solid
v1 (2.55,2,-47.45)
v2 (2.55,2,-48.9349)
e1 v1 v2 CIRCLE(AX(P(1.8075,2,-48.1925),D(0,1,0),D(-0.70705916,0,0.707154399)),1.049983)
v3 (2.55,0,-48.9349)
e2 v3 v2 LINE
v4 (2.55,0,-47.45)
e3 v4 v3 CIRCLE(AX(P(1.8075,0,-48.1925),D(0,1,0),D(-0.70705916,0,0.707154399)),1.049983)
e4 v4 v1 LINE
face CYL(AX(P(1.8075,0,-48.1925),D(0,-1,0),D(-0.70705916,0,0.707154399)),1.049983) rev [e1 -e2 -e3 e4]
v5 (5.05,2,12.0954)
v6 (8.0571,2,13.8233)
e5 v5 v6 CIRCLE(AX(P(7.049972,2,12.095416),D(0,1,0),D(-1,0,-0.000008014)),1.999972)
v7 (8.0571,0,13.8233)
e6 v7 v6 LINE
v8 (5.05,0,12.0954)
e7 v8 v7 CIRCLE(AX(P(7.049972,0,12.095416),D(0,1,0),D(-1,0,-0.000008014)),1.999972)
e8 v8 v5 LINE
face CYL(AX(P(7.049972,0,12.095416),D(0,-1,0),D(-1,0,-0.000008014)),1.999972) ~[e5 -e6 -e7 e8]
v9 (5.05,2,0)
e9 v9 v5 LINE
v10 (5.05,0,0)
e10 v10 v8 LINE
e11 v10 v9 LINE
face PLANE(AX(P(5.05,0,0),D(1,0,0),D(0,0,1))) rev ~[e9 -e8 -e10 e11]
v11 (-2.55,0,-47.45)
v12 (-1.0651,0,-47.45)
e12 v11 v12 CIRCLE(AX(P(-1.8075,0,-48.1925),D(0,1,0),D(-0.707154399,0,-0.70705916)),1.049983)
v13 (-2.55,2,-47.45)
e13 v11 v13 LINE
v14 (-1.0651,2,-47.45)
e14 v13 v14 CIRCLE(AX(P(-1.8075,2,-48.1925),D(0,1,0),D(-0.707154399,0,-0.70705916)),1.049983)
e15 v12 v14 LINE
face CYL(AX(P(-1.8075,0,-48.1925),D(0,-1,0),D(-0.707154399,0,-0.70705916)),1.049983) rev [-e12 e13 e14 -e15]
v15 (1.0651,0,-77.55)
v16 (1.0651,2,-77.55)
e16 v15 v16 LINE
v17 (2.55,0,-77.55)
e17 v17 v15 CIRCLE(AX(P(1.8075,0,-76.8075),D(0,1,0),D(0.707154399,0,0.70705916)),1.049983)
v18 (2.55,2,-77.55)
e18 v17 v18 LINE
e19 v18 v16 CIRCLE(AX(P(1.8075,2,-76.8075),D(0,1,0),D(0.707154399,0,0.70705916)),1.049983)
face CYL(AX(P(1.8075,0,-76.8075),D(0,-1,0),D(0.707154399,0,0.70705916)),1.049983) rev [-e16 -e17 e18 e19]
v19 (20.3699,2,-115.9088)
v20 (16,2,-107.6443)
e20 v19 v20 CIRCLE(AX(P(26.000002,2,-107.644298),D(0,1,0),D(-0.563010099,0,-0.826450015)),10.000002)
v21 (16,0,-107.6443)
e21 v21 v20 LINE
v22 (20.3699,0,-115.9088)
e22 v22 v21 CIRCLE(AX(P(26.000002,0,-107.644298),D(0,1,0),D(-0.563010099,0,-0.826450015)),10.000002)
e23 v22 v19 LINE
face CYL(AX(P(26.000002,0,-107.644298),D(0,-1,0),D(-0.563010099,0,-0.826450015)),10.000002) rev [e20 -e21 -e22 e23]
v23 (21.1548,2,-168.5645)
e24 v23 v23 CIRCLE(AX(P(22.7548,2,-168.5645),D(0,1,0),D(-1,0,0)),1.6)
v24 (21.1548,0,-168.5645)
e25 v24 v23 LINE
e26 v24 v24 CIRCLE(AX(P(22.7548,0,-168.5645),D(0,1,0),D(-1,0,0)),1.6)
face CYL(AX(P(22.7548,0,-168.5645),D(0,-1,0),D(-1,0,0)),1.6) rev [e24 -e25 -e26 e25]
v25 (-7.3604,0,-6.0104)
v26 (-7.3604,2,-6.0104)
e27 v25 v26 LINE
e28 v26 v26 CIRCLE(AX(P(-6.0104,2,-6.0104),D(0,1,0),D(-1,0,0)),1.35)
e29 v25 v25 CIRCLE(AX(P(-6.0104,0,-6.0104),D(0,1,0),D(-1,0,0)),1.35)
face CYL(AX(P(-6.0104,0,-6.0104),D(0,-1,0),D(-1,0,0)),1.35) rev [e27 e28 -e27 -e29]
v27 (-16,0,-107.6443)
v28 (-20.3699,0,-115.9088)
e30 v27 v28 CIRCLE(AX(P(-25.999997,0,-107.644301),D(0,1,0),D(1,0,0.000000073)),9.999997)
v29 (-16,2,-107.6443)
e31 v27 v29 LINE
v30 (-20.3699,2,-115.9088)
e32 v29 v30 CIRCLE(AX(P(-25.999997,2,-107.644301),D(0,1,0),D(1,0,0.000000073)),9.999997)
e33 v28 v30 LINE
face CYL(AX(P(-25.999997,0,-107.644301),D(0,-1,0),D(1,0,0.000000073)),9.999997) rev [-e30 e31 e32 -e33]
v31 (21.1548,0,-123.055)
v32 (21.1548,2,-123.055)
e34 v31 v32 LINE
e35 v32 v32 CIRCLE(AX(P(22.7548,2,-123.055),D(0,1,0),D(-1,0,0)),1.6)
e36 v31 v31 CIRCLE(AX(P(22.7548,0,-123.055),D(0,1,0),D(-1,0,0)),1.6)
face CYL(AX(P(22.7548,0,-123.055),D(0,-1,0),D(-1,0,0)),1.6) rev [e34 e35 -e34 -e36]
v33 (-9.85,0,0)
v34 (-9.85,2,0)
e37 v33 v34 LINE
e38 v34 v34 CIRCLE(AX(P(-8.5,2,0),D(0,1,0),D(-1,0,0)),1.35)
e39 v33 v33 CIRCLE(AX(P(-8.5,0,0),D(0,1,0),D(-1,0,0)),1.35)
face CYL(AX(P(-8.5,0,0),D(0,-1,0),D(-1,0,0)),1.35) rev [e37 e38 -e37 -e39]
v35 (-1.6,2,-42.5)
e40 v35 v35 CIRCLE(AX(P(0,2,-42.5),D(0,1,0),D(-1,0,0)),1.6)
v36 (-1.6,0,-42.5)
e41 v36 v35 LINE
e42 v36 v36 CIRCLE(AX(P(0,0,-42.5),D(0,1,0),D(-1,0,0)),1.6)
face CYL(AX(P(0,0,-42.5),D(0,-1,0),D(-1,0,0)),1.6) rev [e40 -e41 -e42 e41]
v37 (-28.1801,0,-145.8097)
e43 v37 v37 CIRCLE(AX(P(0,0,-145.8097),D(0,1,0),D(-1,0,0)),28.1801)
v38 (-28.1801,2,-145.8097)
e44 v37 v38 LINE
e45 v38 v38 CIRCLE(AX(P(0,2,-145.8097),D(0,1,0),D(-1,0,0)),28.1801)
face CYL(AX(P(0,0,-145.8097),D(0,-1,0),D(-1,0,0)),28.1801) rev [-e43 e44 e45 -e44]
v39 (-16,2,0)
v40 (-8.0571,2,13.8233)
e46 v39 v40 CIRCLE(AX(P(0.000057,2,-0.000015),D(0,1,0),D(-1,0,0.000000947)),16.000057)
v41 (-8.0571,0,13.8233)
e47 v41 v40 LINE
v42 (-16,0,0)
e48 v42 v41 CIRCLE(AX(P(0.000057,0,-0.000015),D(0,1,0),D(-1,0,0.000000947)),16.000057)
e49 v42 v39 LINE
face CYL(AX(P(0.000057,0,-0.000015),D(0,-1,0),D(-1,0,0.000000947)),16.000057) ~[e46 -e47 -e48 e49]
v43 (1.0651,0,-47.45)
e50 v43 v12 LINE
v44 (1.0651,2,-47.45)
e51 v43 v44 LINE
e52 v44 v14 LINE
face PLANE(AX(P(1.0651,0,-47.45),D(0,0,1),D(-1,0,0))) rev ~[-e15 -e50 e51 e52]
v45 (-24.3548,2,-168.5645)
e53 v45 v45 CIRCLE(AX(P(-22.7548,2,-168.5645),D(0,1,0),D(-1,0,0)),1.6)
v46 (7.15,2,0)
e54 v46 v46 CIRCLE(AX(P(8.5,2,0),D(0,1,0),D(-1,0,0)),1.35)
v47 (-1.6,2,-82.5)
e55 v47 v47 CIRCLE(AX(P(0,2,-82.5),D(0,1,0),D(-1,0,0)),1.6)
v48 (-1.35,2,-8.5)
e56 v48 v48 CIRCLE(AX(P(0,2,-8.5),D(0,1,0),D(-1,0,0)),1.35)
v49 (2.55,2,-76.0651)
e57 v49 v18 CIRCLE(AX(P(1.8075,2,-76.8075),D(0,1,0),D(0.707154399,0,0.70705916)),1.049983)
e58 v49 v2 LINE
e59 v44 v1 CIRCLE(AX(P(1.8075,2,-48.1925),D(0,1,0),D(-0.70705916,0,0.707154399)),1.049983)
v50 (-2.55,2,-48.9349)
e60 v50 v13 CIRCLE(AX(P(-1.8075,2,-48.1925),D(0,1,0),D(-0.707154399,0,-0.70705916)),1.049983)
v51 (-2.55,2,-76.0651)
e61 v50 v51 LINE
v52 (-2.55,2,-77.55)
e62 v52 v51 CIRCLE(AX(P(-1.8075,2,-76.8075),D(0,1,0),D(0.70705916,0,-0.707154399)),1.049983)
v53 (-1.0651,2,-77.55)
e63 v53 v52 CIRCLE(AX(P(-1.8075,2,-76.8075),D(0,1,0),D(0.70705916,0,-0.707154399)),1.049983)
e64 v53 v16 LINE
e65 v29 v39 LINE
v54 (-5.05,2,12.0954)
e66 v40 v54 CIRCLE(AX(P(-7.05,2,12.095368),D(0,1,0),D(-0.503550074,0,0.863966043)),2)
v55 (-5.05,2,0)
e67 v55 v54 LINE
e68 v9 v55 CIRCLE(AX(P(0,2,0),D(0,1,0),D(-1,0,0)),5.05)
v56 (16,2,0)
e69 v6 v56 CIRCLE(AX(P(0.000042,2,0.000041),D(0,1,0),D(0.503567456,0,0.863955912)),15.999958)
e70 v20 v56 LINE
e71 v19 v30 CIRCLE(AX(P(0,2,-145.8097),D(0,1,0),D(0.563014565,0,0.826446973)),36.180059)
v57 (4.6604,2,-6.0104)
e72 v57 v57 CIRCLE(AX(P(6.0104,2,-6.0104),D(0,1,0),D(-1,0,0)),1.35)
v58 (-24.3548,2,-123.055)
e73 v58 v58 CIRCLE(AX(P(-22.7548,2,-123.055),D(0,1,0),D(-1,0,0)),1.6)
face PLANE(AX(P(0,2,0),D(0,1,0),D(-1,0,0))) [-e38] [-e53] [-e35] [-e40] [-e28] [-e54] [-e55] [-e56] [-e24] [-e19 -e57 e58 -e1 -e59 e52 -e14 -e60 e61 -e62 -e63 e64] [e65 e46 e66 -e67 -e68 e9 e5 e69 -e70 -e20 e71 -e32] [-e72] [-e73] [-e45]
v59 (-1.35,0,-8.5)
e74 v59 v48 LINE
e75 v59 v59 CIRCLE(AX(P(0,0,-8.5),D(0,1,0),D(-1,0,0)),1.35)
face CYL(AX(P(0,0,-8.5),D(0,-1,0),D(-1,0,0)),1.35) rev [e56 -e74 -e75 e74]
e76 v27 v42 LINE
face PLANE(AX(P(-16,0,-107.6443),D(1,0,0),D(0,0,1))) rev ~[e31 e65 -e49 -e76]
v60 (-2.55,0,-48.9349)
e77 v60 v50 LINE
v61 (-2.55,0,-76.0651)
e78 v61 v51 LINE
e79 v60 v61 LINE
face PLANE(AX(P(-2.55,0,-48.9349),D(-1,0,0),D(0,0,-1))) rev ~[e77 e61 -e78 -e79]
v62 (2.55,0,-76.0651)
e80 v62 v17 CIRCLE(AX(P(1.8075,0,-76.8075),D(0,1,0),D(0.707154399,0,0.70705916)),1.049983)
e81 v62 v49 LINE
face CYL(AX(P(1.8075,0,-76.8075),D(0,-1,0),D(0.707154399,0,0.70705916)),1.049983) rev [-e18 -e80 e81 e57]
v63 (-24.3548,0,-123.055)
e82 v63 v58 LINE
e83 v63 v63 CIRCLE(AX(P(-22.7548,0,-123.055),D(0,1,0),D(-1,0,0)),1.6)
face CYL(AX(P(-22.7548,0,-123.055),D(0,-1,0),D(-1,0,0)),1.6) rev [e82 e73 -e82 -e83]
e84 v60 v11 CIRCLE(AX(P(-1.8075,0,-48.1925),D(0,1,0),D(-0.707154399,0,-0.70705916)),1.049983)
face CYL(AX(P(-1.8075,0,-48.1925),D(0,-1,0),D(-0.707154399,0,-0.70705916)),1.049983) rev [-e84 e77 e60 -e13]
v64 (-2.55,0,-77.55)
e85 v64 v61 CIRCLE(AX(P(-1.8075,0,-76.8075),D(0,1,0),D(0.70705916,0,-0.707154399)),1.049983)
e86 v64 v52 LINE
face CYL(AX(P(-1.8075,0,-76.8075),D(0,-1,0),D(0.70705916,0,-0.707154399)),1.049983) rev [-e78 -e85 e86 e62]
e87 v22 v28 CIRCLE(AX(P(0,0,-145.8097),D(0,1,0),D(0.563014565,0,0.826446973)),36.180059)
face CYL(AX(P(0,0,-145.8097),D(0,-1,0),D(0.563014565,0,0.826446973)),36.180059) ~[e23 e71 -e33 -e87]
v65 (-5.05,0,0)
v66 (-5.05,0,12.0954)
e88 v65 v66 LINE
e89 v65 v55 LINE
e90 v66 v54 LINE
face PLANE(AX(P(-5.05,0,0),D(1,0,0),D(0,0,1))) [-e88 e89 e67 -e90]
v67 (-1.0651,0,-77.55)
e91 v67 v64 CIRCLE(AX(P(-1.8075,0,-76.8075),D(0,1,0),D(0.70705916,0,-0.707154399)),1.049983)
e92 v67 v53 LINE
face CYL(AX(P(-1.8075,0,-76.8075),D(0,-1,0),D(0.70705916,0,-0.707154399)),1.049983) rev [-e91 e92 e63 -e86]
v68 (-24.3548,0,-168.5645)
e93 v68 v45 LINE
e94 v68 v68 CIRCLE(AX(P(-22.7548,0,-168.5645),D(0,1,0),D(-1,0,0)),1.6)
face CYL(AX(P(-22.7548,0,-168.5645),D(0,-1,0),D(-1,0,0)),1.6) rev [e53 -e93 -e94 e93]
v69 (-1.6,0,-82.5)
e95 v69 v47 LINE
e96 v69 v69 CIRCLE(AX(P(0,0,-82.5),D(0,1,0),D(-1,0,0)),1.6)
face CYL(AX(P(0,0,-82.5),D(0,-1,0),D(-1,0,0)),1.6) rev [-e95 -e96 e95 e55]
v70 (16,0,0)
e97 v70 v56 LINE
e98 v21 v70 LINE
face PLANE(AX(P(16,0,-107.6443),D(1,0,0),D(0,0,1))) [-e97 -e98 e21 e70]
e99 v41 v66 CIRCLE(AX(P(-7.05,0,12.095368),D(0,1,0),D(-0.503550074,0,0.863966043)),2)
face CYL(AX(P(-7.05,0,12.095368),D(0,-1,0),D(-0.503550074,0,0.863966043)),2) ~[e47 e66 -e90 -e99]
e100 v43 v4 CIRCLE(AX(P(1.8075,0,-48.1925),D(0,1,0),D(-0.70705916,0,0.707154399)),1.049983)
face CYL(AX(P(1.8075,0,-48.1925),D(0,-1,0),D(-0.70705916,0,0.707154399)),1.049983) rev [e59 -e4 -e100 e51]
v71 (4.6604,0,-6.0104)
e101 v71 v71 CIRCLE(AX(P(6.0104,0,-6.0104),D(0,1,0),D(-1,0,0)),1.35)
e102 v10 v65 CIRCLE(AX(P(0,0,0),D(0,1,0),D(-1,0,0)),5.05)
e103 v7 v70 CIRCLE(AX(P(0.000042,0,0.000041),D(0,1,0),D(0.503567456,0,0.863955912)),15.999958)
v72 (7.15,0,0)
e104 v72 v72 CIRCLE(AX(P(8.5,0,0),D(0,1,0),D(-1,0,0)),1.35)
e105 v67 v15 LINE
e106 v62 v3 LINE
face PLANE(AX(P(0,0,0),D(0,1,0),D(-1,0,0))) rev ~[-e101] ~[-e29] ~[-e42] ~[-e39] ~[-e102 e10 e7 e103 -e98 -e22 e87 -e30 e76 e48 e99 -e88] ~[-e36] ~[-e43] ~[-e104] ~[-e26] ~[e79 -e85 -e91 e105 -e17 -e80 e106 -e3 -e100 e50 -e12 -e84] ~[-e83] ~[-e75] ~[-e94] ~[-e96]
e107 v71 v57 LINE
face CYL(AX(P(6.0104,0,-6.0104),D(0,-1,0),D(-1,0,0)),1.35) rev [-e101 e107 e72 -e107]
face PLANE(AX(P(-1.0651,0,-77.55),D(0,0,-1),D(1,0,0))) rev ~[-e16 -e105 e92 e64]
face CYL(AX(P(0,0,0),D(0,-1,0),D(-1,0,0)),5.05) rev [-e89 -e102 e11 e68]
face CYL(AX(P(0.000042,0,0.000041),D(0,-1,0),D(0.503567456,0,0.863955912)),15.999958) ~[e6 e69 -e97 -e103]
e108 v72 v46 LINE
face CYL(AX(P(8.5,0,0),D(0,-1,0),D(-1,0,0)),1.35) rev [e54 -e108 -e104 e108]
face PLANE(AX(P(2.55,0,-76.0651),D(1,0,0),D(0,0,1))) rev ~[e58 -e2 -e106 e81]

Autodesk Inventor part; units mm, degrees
ref_plane "YZ Plane" through (0, 0, 0) normal (1, 0, 0) x (0, 1, 0)
ref_plane "XZ Plane" through (0, 0, 0) normal (0, 1, 0) x (-1, 0, 0)
ref_plane "XY Plane" through (0, 0, 0) normal (0, 0, 1) x (1, 0, 0)
sketch "スケッチ1" plane through (0, 0, 0) normal (0, 1, 0) x (-1, 0, 0)
  circle A0 centre (0, 0) radius 5.05
  line L0 (-8.5, 0) -> (8.5, 0) construction
  circle A1 centre (-8.5, 0) radius 1.35
  circle A2 centre (-6.0104, -6.0104) radius 1.35
  circle A3 centre (0, -8.5) radius 1.35
  circle A4 centre (6.0104, -6.0104) radius 1.35
  circle A5 centre (0, -145.8097) radius 16 construction
  line L1 (0, 0) -> (0, -145.8097) construction
  arc A6 (-20.3699, -115.9088) -> (20.3699, -115.9088) centre (0, -145.8097) ccw
  circle A7 centre (-8.5, 0) radius 2.4 construction
  line L2 (-16, 31) -> (16, 31) construction
  line L3 (16, 31) -> (16, -12) construction
  line L4 (16, -12) -> (-16, -12) construction
  line L5 (-16, -12) -> (-16, 31) construction
  line L6 (-16, 31) -> (16, -12) construction
  line L7 (16, 31) -> (-16, -12) construction
  arc A8 (-16, 0) -> (-10.583, -12) centre (0, 0) ccw construction
  arc A9 (10.583, -12) -> (16, 0) centre (0, 0) ccw construction
  line L8 (-16, -107.6443) -> (-16, 0)
  line L9 (16, -107.6443) -> (16, 0)
  circle A10 centre (0, -82.5) radius 1.6
  line L10 (0, -145.8097) -> (-25.5832, -120.2265) construction
  circle A11 centre (-22.7548, -123.055) radius 4 construction
  circle A12 centre (-22.7548, -123.055) radius 1.6
  circle A13 centre (-22.7548, -168.5645) radius 1.6
  circle A14 centre (22.7548, -168.5645) radius 1.6
  circle A15 centre (22.7548, -123.055) radius 1.6
  line L11 (30.6064, -21.0119) -> (2.8936, -37.0119) construction
  line L12 (2.8936, -37.0119) -> (-18.6064, 0.2272) construction
  line L13 (-18.6064, 0.2272) -> (9.1064, 16.2272) construction
  line L14 (9.1064, 16.2272) -> (30.6064, -21.0119) construction
  line L15 (30.6064, -21.0119) -> (-18.6064, 0.2272) construction
  line L16 (2.8936, -37.0119) -> (9.1064, 16.2272) construction
  line L17 (16.75, -29.0119) -> (-4.75, 8.2272) construction
  circle A16 centre (0, -42.5) radius 1.6
  line L18 (-2.5, -47.5) -> (2.5, -47.5) construction
  line L19 (2.5, -47.5) -> (2.5, -57.5) construction
  line L20 (2.5, -57.5) -> (-2.5, -57.5) construction
  line L21 (-2.5, -57.5) -> (-2.5, -47.5) construction
  line L22 (-2.5, -47.5) -> (2.5, -57.5) construction
  line L23 (2.5, -47.5) -> (-2.5, -57.5) construction
  line L24 (-2.5, -52.5) -> (2.5, -52.5) construction
  circle A17 centre (0, -62.5) radius 1.6
  line L25 (2.8936, -37.0119) -> (49.2811, -117.3573) construction
  line L26 (0, -145.8097) -> (49.2811, -117.3573) construction
  line L27 (-2.5, -47.5) -> (2.5, -47.5) construction
  line L28 (2.5, -47.5) -> (2.5, -77.5) construction
  line L29 (2.5, -77.5) -> (-2.5, -77.5) construction
  line L30 (-2.5, -77.5) -> (-2.5, -47.5) construction
  line L31 (-2.5, -47.5) -> (2.5, -77.5) construction
  line L32 (2.5, -47.5) -> (-2.5, -77.5) construction
  line L33 (-2.55, -47.45) -> (2.55, -47.45)
  line L34 (2.55, -47.45) -> (2.55, -77.55)
  line L35 (2.55, -77.55) -> (-2.55, -77.55)
  line L36 (-2.55, -77.55) -> (-2.55, -47.45)
  line L37 (-2.55, -47.45) -> (2.55, -77.55) construction
  line L38 (2.55, -47.45) -> (-2.55, -77.55) construction
  arc A18 (-1.0651, -47.45) -> (-2.55, -48.9349) centre (-1.8075, -48.1925) ccw
  arc A19 (2.55, -48.9349) -> (1.0651, -47.45) centre (1.8075, -48.1925) ccw
  line L39 (-2.5, -62.5) -> (2.5, -62.5) construction
  arc A20 (-2.55, -76.0651) -> (-1.0651, -77.55) centre (-1.8075, -76.8075) ccw
  arc A21 (1.0651, -77.55) -> (2.55, -76.0651) centre (1.8075, -76.8075) ccw
  arc A22 (16, 0) -> (8.0571, 13.8233) centre (0, 0) ccw
  circle A23 centre (0, -145.8097) radius 28.1801
  line L40 (-5.05, 0) -> (-5.05, 12.0954)
  line L41 (5.05, 0) -> (5.05, 12.0954)
  circle A24 centre (8.5, 0) radius 1.35
  arc A25 (-8.0571, 13.8233) -> (-16, 0) centre (0, 0) ccw
  arc A26 (-5.05, 12.0954) -> (-8.0571, 13.8233) centre (-7.05, 12.0954) ccw
  arc A27 (8.0571, 13.8233) -> (5.05, 12.0954) centre (7.05, 12.0954) ccw
  arc A28 (-20.3699, -115.9088) -> (-16, -107.6443) centre (-26, -107.6443) ccw
  arc A29 (16, -107.6443) -> (20.3699, -115.9088) centre (26, -107.6443) ccw
  point P0 (0, 9.5)
  point P1 (0, 9.5)
  point P2 (-16, -113.3598)
  point P3 (16, -113.3598)
  point P4 (6, -10.3923)
  point P5 (0, -52.5)
  point P6 (0, -62.5)
  point P7 (1.0651, -77.55)
  point P8 (-1.0651, -77.55)
  point P9 (-2.55, -76.0651)
  point P10 (2.55, -48.9349)
  point P11 (2.55, -76.0651)
  point P12 (0, -181.9899)
  point P13 (-5.05, 15.1821)
  point P14 (5.05, 15.1821)
  point P15 (5.05, 9.6596)
  point P16 (5.05, 0)
  dimension "d0" = 10.1
  dimension "d1" = 17
  dimension "d2" = 2.7
  dimension "d5" = 180
  dimension "d7" = 32
  dimension "d8" = 145.8098
  dimension "d9" = 72.3602
  dimension "d10" = 4.8
  dimension "d11" = 32
  dimension "d12" = 43
  dimension "d14" = 9.5
  dimension "d17" = 3.2
  dimension "d23" = 32
  dimension "d24" = 45
  dimension "d25" = 8
  dimension "d26" = 3.2
  dimension "d29" = 360
  dimension "d33" = 32
  dimension "d34" = 43
  dimension "d36" = 9.5
  dimension "d37" = 150
  dimension "d38" = 3.2
  dimension "d40" = 5
  dimension "d41" = 10
  dimension "d42" = 40
  dimension "d43" = 20
  dimension "d44" = 42.5
  dimension "d45" = 30
  dimension "d46" = 1.05
  dimension "d47" = 0.05
  dimension "d48" = 0.05
  dimension "d49" = 16
  dimension "d50" = 181.9898
  dimension "d53" = 90
  dimension "d54" = 2
  dimension "d55" = 10
extrude "押し出し1" add sketch "スケッチ1" along normal blind 2 contours L41 A27 A22 L9 A29 A6 A28 L8 A25 A26 L40 A0
equation "\"d36\" = d14"
properties part number "ForeArm_outside_frame" material "GFRP"
